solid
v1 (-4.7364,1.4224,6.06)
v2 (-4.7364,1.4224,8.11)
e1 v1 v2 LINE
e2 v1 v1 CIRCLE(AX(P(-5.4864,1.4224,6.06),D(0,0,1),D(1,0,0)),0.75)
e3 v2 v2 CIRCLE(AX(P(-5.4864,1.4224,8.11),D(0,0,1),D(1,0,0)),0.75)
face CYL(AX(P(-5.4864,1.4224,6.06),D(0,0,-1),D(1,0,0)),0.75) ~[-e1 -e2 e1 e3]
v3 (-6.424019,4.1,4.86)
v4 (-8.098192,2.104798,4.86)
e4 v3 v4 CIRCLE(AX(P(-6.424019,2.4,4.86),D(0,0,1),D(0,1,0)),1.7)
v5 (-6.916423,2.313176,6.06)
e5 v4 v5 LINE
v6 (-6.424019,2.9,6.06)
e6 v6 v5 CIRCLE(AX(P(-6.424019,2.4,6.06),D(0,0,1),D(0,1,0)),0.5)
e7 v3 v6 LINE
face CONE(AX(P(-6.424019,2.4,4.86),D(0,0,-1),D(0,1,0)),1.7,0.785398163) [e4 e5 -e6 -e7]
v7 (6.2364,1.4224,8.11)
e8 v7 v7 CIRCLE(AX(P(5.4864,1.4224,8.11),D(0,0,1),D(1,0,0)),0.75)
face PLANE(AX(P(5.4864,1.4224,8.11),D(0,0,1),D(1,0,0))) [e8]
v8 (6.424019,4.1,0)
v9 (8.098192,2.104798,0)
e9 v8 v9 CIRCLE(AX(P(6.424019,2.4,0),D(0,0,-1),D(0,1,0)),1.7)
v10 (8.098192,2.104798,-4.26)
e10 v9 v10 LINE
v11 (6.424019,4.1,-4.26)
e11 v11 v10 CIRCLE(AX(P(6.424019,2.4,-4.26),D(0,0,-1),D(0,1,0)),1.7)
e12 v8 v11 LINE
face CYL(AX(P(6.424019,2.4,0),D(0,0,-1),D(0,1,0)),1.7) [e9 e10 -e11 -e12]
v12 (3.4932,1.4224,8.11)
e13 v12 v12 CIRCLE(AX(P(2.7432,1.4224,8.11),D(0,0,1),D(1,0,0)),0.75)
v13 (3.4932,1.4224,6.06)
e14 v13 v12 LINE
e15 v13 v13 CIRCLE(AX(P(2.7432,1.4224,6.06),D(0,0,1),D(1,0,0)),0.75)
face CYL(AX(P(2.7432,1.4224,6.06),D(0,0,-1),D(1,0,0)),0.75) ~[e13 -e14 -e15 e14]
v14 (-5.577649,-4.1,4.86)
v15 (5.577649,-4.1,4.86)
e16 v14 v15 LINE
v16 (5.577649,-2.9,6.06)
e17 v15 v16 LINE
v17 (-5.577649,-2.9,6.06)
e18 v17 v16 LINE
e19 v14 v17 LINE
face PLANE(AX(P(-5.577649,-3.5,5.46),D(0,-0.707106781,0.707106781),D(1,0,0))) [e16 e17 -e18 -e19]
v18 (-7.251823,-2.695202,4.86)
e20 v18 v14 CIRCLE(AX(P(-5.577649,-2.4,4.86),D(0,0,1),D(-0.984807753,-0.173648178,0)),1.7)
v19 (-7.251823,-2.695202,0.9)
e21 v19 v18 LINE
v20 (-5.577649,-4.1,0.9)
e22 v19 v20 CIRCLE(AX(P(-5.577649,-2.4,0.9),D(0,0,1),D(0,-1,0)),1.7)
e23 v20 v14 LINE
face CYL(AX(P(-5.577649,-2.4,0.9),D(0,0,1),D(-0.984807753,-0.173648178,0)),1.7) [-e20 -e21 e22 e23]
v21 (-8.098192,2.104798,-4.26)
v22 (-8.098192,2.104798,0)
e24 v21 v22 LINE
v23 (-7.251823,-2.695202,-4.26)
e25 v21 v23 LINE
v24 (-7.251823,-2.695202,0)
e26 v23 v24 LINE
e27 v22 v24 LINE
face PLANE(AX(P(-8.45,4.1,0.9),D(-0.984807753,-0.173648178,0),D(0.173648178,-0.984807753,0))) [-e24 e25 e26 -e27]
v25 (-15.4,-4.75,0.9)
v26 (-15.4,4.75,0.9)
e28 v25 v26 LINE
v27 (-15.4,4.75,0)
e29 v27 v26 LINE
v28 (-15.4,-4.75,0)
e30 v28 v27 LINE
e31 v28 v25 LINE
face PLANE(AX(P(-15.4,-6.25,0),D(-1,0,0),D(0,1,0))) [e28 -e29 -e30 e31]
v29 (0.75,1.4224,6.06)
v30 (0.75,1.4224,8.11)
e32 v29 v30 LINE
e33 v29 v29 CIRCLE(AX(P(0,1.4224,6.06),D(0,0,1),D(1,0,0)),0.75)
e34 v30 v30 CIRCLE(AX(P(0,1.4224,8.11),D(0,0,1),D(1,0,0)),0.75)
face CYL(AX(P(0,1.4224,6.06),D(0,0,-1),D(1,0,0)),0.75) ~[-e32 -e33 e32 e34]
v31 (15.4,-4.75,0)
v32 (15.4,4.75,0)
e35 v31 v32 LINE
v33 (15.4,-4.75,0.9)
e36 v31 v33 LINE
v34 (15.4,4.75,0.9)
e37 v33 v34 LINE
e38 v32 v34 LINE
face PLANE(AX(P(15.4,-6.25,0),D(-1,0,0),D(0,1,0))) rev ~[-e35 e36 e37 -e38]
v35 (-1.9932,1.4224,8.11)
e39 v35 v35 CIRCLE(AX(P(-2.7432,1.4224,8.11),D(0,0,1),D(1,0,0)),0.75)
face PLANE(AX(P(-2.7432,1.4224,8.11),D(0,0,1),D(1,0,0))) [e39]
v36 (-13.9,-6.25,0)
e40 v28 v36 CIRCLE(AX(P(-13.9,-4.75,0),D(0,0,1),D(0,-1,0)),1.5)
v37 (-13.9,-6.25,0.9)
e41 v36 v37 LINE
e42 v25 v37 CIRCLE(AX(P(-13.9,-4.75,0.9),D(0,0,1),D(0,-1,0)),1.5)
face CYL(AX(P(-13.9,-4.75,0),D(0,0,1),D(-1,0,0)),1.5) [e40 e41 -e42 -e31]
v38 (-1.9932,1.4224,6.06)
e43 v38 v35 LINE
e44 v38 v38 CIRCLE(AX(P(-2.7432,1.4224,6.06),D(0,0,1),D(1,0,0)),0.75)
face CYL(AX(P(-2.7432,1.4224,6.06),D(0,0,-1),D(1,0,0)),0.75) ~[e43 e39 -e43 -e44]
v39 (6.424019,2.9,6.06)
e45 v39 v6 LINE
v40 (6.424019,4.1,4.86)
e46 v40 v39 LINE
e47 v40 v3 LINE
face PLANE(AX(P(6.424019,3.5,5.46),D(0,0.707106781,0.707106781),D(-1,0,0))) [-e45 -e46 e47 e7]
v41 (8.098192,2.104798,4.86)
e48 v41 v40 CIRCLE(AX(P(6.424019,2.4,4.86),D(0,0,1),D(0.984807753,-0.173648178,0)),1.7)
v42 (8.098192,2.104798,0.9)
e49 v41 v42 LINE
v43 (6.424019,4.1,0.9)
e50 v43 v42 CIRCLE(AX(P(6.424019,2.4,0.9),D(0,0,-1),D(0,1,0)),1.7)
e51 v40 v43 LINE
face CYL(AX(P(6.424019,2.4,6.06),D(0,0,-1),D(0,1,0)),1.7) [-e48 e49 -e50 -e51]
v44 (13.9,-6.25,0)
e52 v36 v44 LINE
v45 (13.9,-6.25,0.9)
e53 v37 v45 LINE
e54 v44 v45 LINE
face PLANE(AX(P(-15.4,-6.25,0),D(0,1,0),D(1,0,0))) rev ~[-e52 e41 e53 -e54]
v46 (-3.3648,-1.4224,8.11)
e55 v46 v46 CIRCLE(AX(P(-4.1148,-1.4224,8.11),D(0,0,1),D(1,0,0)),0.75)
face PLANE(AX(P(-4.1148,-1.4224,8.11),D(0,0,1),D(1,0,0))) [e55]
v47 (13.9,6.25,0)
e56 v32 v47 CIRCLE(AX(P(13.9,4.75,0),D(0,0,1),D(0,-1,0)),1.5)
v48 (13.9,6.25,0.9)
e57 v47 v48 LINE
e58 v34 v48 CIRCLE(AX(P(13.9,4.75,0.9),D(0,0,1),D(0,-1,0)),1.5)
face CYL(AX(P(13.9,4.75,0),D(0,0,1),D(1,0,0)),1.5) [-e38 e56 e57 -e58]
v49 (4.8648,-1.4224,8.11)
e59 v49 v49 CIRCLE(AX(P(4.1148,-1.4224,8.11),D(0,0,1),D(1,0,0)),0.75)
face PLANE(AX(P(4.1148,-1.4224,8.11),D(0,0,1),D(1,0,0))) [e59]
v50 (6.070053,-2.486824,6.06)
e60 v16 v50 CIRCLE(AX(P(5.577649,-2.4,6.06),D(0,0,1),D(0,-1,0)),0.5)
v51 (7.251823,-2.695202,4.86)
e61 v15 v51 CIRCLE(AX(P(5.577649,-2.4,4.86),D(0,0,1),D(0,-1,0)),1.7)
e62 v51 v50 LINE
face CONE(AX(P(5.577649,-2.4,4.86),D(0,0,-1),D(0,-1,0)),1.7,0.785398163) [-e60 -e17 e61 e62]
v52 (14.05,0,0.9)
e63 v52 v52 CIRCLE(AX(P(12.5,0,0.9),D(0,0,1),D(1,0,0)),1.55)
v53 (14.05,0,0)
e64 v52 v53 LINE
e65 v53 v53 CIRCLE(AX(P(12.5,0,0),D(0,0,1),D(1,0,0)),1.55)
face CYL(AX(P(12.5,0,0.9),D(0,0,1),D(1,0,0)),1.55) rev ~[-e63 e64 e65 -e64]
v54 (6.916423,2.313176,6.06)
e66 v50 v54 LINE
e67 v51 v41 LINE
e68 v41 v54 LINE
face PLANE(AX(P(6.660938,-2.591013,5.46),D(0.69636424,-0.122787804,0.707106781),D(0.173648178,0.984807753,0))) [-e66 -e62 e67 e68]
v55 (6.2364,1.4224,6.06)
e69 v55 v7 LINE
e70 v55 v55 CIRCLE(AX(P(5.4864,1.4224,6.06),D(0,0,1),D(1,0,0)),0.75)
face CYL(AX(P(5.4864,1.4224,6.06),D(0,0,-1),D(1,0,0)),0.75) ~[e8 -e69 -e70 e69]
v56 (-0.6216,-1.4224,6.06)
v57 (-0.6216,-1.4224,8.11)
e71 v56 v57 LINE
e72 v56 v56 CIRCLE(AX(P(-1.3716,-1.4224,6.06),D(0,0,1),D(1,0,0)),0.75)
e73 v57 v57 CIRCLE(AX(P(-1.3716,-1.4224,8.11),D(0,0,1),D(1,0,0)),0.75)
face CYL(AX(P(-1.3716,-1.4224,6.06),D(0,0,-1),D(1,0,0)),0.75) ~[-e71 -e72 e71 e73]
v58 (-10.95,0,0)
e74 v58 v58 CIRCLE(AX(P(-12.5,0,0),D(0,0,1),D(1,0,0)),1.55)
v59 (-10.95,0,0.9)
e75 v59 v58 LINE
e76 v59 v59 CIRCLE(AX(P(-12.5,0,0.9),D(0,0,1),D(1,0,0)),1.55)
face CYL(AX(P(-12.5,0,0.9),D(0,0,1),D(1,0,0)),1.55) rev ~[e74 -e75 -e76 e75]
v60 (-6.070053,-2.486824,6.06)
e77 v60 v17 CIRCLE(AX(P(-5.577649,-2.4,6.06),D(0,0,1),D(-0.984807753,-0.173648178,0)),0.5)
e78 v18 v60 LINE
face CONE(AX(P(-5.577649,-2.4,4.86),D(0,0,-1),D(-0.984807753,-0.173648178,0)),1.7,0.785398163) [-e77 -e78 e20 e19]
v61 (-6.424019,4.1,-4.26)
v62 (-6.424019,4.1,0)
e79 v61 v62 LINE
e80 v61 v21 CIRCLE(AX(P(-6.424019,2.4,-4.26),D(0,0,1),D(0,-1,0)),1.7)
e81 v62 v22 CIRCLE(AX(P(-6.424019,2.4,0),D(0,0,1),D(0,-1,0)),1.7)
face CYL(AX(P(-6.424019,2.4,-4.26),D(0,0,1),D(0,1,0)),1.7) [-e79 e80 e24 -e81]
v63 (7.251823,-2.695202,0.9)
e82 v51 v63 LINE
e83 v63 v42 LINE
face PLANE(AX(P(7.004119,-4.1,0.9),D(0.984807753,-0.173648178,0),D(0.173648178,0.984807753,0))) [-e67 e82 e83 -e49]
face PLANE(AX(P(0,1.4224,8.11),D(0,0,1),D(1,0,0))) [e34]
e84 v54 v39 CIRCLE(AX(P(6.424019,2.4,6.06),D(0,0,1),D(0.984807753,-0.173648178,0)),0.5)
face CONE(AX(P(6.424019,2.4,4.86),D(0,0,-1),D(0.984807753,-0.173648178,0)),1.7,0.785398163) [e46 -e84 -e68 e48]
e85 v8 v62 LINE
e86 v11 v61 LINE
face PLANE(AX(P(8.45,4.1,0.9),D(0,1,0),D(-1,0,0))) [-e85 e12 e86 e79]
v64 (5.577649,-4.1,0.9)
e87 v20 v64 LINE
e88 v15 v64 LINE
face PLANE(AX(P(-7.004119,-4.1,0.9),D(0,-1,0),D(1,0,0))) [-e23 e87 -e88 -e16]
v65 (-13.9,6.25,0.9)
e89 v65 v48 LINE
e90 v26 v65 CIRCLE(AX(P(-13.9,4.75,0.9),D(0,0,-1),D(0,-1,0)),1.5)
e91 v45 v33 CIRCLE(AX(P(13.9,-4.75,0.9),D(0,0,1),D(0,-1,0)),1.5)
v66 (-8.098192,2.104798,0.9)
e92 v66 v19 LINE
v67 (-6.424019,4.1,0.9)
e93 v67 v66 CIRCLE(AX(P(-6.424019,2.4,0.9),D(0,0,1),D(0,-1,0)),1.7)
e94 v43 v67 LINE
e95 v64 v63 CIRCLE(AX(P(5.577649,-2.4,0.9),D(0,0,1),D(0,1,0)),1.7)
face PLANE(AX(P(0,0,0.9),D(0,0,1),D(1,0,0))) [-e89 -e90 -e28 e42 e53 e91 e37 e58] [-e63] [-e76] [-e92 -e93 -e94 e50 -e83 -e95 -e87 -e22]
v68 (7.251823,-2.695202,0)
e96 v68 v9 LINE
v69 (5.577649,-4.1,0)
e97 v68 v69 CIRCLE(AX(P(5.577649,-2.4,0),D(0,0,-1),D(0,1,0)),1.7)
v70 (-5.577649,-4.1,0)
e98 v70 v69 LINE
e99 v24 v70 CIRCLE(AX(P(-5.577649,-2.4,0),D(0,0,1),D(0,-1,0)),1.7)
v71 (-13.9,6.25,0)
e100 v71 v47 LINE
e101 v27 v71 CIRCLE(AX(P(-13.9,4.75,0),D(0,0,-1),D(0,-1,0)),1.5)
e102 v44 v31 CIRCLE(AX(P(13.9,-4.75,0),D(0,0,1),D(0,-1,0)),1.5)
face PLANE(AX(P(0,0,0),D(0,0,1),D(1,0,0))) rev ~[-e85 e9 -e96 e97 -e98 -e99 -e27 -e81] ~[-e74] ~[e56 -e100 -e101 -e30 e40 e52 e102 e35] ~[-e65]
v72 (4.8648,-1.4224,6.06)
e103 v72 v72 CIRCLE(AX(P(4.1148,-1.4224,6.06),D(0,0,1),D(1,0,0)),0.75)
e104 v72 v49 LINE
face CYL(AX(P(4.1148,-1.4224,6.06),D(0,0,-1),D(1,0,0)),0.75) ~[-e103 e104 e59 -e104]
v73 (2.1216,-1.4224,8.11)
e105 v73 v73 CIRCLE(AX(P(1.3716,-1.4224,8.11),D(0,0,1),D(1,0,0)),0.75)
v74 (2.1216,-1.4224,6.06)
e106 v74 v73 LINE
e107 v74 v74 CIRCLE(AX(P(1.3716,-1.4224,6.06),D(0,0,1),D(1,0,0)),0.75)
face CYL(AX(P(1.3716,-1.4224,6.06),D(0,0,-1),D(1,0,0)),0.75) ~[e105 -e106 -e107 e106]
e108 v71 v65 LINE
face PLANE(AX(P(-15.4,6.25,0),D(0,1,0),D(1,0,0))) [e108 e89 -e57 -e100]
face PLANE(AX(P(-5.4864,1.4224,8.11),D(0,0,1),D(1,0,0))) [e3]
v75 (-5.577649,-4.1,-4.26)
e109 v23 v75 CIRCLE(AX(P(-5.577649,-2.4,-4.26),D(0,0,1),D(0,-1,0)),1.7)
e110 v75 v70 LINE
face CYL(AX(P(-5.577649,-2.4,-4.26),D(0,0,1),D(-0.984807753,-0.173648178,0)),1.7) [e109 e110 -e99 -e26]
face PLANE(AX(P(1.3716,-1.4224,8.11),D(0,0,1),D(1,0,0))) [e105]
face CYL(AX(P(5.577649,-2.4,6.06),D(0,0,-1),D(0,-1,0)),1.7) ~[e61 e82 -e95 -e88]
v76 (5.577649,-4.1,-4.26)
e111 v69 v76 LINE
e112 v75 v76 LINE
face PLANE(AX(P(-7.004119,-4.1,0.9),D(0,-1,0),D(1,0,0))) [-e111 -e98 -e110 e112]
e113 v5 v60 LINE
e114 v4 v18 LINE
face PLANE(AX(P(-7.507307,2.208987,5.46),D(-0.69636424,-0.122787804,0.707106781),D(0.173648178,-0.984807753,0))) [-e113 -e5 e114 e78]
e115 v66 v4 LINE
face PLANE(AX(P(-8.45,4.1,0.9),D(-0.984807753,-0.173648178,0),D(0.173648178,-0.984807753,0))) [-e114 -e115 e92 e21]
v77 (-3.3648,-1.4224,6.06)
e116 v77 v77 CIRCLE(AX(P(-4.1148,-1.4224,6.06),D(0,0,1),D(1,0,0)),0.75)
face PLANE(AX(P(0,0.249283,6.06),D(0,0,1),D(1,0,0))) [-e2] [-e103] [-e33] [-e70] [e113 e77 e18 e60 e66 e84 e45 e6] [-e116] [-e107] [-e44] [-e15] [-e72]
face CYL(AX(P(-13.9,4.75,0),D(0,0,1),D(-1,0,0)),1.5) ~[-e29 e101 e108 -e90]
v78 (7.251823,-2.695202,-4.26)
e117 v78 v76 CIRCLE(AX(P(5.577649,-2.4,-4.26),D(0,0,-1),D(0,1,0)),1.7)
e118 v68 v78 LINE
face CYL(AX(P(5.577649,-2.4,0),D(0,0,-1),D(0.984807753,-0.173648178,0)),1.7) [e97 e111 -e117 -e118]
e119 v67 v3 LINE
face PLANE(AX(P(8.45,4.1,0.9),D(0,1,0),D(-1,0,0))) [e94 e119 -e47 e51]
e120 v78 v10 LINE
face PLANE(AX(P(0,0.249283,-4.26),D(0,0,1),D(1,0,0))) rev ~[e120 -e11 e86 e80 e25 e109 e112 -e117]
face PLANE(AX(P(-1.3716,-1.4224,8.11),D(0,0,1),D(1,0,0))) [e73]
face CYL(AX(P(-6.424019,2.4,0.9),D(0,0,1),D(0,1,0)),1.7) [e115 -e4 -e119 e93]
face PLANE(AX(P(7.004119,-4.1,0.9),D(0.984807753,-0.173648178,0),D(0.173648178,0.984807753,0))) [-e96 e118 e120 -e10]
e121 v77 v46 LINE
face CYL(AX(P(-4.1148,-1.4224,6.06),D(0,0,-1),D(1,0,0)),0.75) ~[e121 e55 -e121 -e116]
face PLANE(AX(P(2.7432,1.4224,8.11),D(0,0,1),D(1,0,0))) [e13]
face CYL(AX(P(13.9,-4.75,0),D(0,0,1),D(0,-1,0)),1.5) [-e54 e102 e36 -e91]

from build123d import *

# Parameters (mm, degrees)
F0_W      = 30.8
F0_H      = 12.5
F1_DEPTH  = 0.9
F2_R      = 1.5
F4_DEPTH  = 5.16
F5_R      = 1.7
F6_SIZE   = 1.2
F7_R      = 0.75
F8_DEPTH  = 2.05
F9_R      = 1.55
F10_DEPTH = 0.9


with BuildPart() as f1:
    # F0 (on Top) → F1 (new body)
    with BuildSketch(Plane.XY):
        Rectangle(F0_W, F0_H)
    extrude(amount=F1_DEPTH)

    # F2
    f2_edges = [f1.edges().sort_by_distance(p)[0] for p in [
        (-15.4, 6.25, 0.45),
        (15.4, 6.25, 0.45),
        (15.4, -6.25, 0.45),
        (-15.4, -6.25, 0.45),
    ]]
    fillet(f2_edges, radius=F2_R)

    # F3 (on face) → F4 (join, symmetric)
    with BuildSketch(Plane.XY.offset(0.9)):
        Polygon((8.45, 4.1), (-8.45, 4.1), (-7.0041187582, -4.1), (7.0041187582, -4.1), align=None)
    extrude(amount=F4_DEPTH, both=True)

    # F5
    f5_edges = [f1.edges().sort_by_distance(p)[0] for p in [
        (-8.45, 4.1, -2.13),
        (-8.45, 4.1, 3.48),
        (8.45, 4.1, -2.13),
        (8.45, 4.1, 3.48),
        (-7.004119, -4.1, -2.13),
        (-7.004119, -4.1, 3.48),
        (7.004119, -4.1, -2.13),
        (7.004119, -4.1, 3.48),
    ]]
    fillet(f5_edges, radius=F5_R)

    # F6
    f6_edges = [f1.edges().sort_by_distance(p)[0] for p in [
        (0, 4.1, 6.06),
    ]]
    chamfer(f6_edges, length=F6_SIZE)

    # F7 (on face) → F8 (join)
    with BuildSketch(Plane.XY.offset(6.06)):
        with Locations((-5.4864, 1.4224)):
            Circle(F7_R)
        with Locations((-2.7432, 1.4224)):
            Circle(F7_R)
        with Locations((0, 1.4224)):
            Circle(F7_R)
        with Locations((2.7432, 1.4224)):
            Circle(F7_R)
        with Locations((5.4864, 1.4224)):
            Circle(F7_R)
        with Locations((4.1148, -1.4224)):
            Circle(F7_R)
        with Locations((1.3716, -1.4224)):
            Circle(F7_R)
        with Locations((-1.3716, -1.4224)):
            Circle(F7_R)
        with Locations((-4.1148, -1.4224)):
            Circle(F7_R)
    extrude(amount=F8_DEPTH)

    # F9 (on face) → F10 (cut)
    with BuildSketch(Plane.XY.offset(0.9)):
        with Locations((-12.5, 0)):
            Circle(F9_R)
        with Locations((12.5, 0)):
            Circle(F9_R)
    extrude(amount=-F10_DEPTH, mode=Mode.SUBTRACT)


solid = f1.part
